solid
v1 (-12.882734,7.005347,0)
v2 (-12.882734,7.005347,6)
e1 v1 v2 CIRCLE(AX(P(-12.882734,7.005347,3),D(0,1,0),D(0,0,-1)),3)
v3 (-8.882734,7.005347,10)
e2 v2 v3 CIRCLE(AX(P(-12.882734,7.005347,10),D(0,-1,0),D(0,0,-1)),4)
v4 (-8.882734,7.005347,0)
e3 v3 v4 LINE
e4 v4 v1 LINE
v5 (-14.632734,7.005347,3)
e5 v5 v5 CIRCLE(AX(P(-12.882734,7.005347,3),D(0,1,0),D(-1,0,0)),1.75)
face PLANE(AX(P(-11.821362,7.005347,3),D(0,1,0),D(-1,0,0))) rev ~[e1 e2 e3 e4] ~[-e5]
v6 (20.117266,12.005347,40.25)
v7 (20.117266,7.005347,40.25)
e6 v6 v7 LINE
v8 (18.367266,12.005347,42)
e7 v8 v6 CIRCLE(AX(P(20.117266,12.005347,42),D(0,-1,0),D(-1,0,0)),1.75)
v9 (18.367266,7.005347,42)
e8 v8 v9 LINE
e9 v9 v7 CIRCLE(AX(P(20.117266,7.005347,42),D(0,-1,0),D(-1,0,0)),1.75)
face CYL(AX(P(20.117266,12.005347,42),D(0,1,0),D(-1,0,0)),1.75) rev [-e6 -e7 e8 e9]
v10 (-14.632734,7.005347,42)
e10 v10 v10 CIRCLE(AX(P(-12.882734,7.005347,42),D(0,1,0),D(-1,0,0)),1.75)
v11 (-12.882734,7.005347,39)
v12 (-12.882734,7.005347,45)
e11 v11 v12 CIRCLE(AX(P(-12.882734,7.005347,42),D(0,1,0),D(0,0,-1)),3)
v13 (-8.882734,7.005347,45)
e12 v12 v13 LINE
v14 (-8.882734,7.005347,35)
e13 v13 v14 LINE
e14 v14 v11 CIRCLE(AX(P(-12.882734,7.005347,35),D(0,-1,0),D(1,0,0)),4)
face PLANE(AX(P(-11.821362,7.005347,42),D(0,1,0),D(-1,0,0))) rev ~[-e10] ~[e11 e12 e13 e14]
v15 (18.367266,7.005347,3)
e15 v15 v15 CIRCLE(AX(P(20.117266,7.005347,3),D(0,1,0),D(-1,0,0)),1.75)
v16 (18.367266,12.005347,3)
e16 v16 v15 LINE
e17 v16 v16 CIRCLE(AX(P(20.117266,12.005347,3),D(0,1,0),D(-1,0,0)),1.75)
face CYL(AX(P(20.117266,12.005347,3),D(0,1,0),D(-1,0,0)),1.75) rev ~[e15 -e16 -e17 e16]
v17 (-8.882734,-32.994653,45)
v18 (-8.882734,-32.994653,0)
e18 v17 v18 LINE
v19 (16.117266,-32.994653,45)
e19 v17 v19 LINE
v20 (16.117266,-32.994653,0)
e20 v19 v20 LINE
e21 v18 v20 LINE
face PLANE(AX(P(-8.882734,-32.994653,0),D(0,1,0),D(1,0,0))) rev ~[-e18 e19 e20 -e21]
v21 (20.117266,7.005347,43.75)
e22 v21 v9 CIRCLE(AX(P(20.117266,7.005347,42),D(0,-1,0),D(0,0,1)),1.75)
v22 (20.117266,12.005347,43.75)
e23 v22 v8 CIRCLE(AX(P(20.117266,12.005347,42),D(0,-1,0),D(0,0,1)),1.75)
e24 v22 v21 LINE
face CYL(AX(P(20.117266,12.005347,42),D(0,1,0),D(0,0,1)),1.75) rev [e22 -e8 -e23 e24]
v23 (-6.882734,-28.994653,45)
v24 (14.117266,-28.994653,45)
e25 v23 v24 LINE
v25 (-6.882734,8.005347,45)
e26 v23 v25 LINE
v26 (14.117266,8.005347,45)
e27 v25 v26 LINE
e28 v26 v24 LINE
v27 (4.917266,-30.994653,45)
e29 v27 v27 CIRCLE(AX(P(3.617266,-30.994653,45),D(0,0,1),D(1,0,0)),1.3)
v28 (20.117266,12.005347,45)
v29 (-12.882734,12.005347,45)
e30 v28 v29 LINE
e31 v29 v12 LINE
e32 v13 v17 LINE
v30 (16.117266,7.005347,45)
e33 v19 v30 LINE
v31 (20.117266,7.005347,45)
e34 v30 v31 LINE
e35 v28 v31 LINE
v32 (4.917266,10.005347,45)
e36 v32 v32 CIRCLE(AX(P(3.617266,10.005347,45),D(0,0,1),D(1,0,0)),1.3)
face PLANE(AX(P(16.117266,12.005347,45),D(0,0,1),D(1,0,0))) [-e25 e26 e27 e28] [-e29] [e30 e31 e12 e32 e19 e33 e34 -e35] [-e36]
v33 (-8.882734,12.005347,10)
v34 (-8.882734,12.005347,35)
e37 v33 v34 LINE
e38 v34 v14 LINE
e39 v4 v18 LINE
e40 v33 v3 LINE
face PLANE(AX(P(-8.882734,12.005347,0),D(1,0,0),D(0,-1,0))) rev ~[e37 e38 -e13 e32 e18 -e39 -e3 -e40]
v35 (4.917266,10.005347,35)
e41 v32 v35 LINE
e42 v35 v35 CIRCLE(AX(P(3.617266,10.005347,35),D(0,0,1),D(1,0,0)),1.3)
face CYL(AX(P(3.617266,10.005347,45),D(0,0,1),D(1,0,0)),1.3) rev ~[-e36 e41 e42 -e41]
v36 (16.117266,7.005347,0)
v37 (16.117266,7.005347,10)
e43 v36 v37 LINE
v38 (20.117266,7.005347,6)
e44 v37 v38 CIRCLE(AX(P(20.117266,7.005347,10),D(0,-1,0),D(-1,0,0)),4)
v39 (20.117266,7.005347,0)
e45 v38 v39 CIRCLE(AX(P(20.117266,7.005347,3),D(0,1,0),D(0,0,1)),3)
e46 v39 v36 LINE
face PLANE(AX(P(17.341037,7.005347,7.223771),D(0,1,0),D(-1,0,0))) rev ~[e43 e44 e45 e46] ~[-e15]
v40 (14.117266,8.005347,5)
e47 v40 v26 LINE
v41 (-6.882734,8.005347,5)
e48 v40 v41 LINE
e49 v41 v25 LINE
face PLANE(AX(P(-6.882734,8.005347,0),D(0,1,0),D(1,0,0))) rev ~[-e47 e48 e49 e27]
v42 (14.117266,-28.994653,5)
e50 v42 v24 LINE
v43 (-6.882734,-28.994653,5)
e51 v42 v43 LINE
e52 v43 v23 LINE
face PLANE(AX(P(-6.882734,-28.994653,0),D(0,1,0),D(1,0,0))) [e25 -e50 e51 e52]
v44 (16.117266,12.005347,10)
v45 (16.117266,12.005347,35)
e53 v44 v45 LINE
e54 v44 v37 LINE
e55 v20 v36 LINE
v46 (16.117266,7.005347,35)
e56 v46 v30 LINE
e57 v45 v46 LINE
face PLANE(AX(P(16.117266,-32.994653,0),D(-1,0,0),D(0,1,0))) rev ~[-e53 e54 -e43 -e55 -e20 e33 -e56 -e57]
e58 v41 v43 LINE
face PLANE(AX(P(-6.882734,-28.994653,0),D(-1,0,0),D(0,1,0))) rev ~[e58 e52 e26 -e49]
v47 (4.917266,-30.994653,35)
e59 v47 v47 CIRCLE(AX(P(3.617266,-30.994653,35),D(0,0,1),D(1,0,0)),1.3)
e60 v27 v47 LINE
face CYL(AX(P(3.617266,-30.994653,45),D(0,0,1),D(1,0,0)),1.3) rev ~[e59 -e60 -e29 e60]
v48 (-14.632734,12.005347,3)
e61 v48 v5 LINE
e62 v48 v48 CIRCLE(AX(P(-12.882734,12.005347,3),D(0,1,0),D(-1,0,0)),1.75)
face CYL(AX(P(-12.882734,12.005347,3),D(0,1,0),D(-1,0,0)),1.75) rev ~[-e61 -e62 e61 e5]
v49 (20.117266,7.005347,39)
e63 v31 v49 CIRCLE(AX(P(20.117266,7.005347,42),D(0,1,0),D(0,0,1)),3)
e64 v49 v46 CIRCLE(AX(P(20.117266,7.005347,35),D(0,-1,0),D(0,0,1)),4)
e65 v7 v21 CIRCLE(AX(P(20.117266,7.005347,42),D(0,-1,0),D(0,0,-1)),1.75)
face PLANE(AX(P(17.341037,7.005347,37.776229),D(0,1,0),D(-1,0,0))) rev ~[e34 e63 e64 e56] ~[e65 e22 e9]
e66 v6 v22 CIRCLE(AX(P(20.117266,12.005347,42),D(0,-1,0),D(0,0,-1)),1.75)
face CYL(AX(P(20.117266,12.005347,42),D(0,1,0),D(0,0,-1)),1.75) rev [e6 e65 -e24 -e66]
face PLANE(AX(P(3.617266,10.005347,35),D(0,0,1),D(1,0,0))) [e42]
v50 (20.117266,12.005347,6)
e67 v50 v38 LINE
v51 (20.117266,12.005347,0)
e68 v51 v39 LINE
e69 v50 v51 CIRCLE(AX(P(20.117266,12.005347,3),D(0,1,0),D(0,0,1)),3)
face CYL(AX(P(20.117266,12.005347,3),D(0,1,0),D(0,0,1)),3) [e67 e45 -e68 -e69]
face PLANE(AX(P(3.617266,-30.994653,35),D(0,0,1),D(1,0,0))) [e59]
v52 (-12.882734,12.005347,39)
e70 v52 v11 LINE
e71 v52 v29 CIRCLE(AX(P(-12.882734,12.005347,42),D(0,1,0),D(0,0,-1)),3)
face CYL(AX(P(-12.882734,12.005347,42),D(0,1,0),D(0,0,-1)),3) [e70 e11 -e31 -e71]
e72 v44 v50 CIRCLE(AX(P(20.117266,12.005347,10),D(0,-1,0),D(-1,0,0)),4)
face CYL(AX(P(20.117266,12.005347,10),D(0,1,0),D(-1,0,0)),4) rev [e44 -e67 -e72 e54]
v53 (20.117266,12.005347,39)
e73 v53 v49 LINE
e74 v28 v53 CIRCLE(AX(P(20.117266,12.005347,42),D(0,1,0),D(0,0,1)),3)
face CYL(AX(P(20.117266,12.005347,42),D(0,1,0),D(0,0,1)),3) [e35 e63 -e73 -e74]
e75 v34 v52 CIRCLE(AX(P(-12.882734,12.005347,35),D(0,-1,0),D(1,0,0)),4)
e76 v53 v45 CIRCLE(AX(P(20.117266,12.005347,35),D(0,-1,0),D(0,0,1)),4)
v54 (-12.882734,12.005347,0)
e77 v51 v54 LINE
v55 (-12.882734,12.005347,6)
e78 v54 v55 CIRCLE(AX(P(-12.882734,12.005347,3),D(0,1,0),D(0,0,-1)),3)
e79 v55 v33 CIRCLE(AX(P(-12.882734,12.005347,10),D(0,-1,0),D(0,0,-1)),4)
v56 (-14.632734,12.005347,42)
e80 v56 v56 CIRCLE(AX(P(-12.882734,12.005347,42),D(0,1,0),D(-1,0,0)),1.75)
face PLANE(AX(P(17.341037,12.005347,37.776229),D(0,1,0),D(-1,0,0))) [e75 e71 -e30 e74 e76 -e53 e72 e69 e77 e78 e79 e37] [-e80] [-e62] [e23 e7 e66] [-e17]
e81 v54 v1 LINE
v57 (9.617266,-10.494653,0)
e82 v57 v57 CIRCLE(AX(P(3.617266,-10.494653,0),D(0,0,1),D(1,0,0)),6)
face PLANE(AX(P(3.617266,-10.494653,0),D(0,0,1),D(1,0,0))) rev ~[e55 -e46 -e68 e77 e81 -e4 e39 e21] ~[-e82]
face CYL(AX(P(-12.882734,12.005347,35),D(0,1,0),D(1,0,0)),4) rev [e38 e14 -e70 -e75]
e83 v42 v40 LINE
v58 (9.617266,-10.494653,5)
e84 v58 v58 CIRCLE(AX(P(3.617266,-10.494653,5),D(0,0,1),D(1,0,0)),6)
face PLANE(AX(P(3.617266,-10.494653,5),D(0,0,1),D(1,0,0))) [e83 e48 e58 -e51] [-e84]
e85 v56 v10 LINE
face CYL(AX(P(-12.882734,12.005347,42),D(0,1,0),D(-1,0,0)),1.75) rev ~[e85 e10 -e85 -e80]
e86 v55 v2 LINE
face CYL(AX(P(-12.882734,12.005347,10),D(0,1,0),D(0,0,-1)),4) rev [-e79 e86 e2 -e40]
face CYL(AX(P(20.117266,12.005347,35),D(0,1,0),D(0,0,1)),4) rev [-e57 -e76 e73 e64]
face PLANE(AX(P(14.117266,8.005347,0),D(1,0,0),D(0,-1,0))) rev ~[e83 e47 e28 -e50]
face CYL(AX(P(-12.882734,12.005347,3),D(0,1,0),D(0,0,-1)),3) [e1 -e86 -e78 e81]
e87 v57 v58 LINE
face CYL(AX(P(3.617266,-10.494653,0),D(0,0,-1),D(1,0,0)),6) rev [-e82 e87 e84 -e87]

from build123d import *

# Parameters (mm, degrees)
F0_W     = 21
F0_H     = 37
F0_R     = 6
F0_H_2   = 4
F1_DEPTH = 5
F2_DEPTH = 45
F3_R     = 1.75
F4_DEPTH = 5
F5_R     = 1.3
F6_DEPTH = 10


with BuildPart() as f1:
    # F0 (on Top) → F1 (new body)
    with BuildSketch(Plane.XY):
        with Locations((3.617266193, -10.4946532761)):
            Rectangle(F0_W, F0_H)
        with Locations((3.617266193, -10.4946532761)):
            Circle(F0_R, mode=Mode.SUBTRACT)
        Polygon((16.117266193, 12.0053467239), (-8.882733807, 12.0053467239), (-8.882733807, 8.0053467239), (-6.882733807, 8.0053467239), (14.117266193, 8.0053467239), (16.117266193, 8.0053467239), align=None)
        Polygon((-6.882733807, 8.0053467239), (-8.882733807, 8.0053467239), (-8.882733807, -32.9946532761), (-6.882733807, -32.9946532761), (-6.882733807, -28.9946532761), align=None)
        Polygon((16.117266193, -32.9946532761), (16.117266193, 8.0053467239), (14.117266193, 8.0053467239), (14.117266193, -28.9946532761), (14.117266193, -32.9946532761), align=None)
        with Locations((3.617266193, -30.9946532761)):
            Rectangle(F0_W, F0_H_2)
    extrude(amount=F1_DEPTH)

    # F0 (on Top) → F2 (join)
    with BuildSketch(Plane.XY):
        Polygon((16.117266193, 12.0053467239), (-8.882733807, 12.0053467239), (-8.882733807, 8.0053467239), (-6.882733807, 8.0053467239), (14.117266193, 8.0053467239), (16.117266193, 8.0053467239), align=None)
        Polygon((-6.882733807, 8.0053467239), (-8.882733807, 8.0053467239), (-8.882733807, -32.9946532761), (-6.882733807, -32.9946532761), (-6.882733807, -28.9946532761), align=None)
        Polygon((16.117266193, -32.9946532761), (16.117266193, 8.0053467239), (14.117266193, 8.0053467239), (14.117266193, -28.9946532761), (14.117266193, -32.9946532761), align=None)
        with Locations((3.617266193, -30.9946532761)):
            Rectangle(F0_W, F0_H_2)
    extrude(amount=F2_DEPTH)

    # F3 (on face) → F4 (join)
    with BuildSketch(Plane(origin=(0, 12.0053467239, 0), x_dir=(-1, 0, 0), z_dir=(0, 1, 0))):
        with BuildLine():
            Line((-16.117266193, 35), (-16.117266193, 39))
            Line((-16.117266193, 39), (-20.117266193, 39))
            ThreePointArc((-20.117266193, 39), (-17.2888390683, 37.8284271247), (-16.117266193, 35))
        make_face()
        with BuildLine():
            Line((-16.117266193, 39), (-16.117266193, 45))
            Line((-16.117266193, 45), (-20.117266193, 45))
            Line((-20.117266193, 45), (-20.117266193, 43.75))
            ThreePointArc((-20.117266193, 43.75), (-18.879829326, 43.2374368671), (-18.367266193, 42))
            ThreePointArc((-18.367266193, 42), (-18.879829326, 40.7625631329), (-20.117266193, 40.25))
            Line((-20.117266193, 40.25), (-20.117266193, 39))
            Line((-20.117266193, 39), (-16.117266193, 39))
        make_face()
        with BuildLine():
            Line((-20.117266193, 43.75), (-20.117266193, 45))
            ThreePointArc((-20.117266193, 45), (-23.117266193, 42), (-20.117266193, 39))
            Line((-20.117266193, 39), (-20.117266193, 40.25))
            ThreePointArc((-20.117266193, 40.25), (-21.867266193, 42), (-20.117266193, 43.75))
        make_face()
        with BuildLine():
            Line((12.882733807, 45), (8.882733807, 45))
            Line((8.882733807, 45), (8.882733807, 39))
            Line((8.882733807, 39), (12.882733807, 39))
            ThreePointArc((12.882733807, 39), (15.882733807, 42), (12.882733807, 45))
        make_face()
        with Locations((12.882733807, 42)):
            Circle(F3_R, mode=Mode.SUBTRACT)
        with BuildLine():
            Line((12.882733807, 39), (8.882733807, 39))
            Line((8.882733807, 39), (8.882733807, 35))
            ThreePointArc((8.882733807, 35), (10.0543066822, 37.8284271247), (12.882733807, 39))
        make_face()
        with BuildLine():
            ThreePointArc((12.882733807, 0), (15.882733807, 3), (12.882733807, 6))
            Line((12.882733807, 6), (8.882733807, 6))
            Line((8.882733807, 6), (8.882733807, 0))
            Line((8.882733807, 0), (12.882733807, 0))
        make_face()
        with Locations((12.882733807, 3)):
            Circle(F3_R, mode=Mode.SUBTRACT)
        with BuildLine():
            ThreePointArc((12.882733807, 6), (10.0543066822, 7.1715728753), (8.882733807, 10))
            Line((8.882733807, 10), (8.882733807, 6))
            Line((8.882733807, 6), (12.882733807, 6))
        make_face()
        with BuildLine():
            Line((-16.117266193, 6), (-16.117266193, 10))
            ThreePointArc((-16.117266193, 10), (-17.2888390683, 7.1715728753), (-20.117266193, 6))
            Line((-20.117266193, 6), (-16.117266193, 6))
        make_face()
        with BuildLine():
            Line((-16.117266193, 6), (-20.117266193, 6))
            ThreePointArc((-20.117266193, 6), (-23.117266193, 3), (-20.117266193, 0))
            Line((-20.117266193, 0), (-16.117266193, 0))
            Line((-16.117266193, 0), (-16.117266193, 6))
        make_face()
        with Locations((-20.117266193, 3)):
            Circle(F3_R, mode=Mode.SUBTRACT)
    extrude(amount=-F4_DEPTH)

    # F5 (on face) → F6 (cut)
    with BuildSketch(Plane.XY.offset(45)):
        with Locations((3.617266193, 10.0053467239)):
            Circle(F5_R)
        with Locations((3.617266193, -30.9946532761)):
            Circle(F5_R)
    extrude(amount=-F6_DEPTH, mode=Mode.SUBTRACT)


solid = f1.part
